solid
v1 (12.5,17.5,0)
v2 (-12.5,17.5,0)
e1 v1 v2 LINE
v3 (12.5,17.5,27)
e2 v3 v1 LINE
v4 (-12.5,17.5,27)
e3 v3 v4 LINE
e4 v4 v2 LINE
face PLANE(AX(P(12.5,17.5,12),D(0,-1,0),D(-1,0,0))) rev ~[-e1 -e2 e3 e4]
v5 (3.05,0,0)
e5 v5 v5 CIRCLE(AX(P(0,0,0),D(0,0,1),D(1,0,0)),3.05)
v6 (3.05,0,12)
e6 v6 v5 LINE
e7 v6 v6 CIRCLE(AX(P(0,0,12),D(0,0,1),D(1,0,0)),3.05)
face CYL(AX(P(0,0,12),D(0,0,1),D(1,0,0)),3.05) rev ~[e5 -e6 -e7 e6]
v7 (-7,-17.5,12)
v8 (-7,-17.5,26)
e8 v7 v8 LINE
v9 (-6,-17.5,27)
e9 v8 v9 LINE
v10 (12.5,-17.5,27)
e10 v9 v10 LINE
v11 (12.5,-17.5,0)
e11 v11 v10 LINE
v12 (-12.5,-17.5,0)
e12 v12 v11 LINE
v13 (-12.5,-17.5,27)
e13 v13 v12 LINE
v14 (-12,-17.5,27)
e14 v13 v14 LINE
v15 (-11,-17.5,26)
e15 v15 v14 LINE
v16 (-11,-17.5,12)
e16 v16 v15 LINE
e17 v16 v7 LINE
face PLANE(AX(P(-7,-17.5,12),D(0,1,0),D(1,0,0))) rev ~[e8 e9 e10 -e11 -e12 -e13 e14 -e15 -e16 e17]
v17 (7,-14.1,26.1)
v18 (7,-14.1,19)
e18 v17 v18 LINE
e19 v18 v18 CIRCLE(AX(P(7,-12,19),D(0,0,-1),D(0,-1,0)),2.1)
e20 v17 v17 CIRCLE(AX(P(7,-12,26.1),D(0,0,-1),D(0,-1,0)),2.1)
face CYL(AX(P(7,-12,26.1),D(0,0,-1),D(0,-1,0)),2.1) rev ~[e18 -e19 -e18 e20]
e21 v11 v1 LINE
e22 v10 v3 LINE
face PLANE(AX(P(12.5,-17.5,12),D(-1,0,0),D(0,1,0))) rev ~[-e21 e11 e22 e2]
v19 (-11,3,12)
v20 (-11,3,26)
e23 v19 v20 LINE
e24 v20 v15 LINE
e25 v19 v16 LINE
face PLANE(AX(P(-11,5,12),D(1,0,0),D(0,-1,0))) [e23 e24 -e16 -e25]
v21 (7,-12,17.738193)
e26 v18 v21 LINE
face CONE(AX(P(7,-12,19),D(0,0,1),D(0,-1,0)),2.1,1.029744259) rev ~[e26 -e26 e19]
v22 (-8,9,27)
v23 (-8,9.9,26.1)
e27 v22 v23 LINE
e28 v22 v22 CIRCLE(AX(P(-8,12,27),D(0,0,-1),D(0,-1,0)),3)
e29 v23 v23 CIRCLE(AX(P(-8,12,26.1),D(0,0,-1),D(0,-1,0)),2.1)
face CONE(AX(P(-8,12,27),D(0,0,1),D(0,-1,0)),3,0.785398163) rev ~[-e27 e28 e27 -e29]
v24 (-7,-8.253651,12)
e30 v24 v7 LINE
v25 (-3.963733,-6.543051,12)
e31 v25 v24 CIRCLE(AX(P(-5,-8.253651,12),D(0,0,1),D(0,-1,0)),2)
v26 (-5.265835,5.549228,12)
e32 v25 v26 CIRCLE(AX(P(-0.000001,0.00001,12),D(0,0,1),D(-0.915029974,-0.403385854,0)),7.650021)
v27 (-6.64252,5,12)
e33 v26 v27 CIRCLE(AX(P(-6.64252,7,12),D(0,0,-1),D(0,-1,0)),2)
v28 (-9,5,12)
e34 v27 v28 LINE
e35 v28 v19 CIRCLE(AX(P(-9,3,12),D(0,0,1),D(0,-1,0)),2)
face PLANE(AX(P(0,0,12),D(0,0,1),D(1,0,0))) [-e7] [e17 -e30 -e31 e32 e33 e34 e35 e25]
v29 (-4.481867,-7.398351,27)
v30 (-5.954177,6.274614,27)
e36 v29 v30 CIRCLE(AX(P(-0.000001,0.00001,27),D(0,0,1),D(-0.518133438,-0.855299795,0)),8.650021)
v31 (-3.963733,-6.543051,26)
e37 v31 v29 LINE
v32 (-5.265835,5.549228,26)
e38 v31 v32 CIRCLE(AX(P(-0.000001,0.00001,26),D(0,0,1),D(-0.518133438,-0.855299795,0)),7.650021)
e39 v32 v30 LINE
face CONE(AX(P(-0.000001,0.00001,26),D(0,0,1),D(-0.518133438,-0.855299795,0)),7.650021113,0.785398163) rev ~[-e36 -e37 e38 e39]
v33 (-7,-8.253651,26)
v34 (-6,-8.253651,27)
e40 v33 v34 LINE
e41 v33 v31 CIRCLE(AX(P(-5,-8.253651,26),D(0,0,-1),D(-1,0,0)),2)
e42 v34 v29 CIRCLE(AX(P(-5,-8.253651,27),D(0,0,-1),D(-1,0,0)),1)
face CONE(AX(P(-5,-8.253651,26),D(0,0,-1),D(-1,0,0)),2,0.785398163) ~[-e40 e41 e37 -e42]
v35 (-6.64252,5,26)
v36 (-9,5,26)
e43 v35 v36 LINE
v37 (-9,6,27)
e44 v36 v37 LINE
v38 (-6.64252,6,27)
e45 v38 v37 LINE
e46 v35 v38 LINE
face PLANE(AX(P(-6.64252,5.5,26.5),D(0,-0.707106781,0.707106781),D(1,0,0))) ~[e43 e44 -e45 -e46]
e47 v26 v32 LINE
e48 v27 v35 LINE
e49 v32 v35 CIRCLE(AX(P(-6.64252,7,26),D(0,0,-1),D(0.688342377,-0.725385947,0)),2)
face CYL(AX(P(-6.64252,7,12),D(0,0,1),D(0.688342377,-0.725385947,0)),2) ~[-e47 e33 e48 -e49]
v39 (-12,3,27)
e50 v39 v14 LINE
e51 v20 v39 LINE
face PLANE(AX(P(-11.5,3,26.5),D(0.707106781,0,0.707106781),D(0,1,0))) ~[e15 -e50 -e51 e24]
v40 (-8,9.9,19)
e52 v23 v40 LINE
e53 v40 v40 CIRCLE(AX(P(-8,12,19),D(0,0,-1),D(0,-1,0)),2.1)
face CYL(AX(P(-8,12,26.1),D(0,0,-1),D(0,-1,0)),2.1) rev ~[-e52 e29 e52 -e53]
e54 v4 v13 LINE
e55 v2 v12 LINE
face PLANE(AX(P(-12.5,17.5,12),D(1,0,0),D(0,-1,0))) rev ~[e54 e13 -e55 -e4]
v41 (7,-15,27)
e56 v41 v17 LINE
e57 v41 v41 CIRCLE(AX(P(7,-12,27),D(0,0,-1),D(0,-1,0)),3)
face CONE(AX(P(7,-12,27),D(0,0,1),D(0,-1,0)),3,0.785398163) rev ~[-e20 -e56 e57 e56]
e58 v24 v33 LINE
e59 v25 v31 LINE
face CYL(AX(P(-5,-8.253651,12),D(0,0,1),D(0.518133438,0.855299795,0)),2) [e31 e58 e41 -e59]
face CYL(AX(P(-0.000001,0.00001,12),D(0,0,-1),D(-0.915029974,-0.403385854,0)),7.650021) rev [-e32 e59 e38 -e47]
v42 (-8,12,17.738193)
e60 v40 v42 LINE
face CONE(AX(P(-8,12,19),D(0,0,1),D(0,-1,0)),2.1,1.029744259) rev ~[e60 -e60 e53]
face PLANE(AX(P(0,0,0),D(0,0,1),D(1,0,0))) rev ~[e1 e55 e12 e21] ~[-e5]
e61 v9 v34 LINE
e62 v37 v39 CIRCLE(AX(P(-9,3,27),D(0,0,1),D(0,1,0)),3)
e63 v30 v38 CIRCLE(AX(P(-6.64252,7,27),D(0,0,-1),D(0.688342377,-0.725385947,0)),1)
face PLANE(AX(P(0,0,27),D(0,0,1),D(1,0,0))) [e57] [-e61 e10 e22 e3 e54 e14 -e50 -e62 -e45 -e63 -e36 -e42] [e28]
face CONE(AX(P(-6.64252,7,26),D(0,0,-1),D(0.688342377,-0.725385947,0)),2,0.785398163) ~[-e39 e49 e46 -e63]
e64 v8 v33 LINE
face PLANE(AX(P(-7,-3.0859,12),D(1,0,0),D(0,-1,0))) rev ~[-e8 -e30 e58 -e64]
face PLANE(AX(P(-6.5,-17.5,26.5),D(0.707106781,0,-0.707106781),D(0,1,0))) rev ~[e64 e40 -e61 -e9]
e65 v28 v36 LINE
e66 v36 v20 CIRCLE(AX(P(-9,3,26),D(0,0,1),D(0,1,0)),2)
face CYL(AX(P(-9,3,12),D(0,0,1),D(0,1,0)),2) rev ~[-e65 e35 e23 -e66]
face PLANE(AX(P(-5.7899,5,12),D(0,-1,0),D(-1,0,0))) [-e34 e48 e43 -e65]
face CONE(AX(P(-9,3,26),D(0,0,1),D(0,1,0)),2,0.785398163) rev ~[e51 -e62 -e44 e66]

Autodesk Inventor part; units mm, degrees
ref_plane "YZ Plane" through (0, 0, 0) normal (1, 0, 0) x (0, 1, 0)
ref_plane "XZ Plane" through (0, 0, 0) normal (0, 1, 0) x (-1, 0, 0)
ref_plane "XY Plane" through (0, 0, 0) normal (0, 0, 1) x (1, 0, 0)
sketch "Sketch1" plane through (0, 0, 0) normal (0, 0, 1) x (1, 0, 0)
  line L0 (12.5, 17.5) -> (-12.5, 17.5)
  line L1 (-12.5, 17.5) -> (-12.5, -17.5)
  line L2 (-12.5, -17.5) -> (12.5, -17.5)
  line L3 (12.5, -17.5) -> (12.5, 17.5)
  point P0 (0, 0)
  point P1 (12.5, 0)
  dimension "d0" = 25
  dimension "d1" = 35
  dimension "d16" = 12.5
extrude "Extrusion1" add sketch "Sketch1" along normal blind 12
sketch "Sketch2" plane through (0, 0, 12) normal (0, 0, 1) x (1, 0, 0)
  circle A0 centre (0, 0) radius 3.05
  dimension "d4" = 6.1
extrude "Extrusion2" cut sketch "Sketch2" against normal up to next
sketch "Sketch4" plane through (0, 0, 12) normal (0, 0, 1) x (1, 0, 0)
  circle A0 centre (0, 0) radius 3.05 projected
  arc A1 (-7, -3.0859) -> (-5.7899, 5) centre (0, 0) ccw
  line L0 (-5.7899, 5) -> (-11, 5)
  line L1 (-11, 5) -> (-11, -17.5)
  line L2 (-12.5, -17.5) -> (12.5, -17.5) projected
  line L3 (-7, -3.0859) -> (-7, -17.5)
  circle A2 centre (0, 0) radius 3.05 projected
  line L4 (12.5, 17.5) -> (-12.5, 17.5) projected
  line L5 (-12.5, 17.5) -> (-12.5, -17.5) projected
  line L6 (-12.5, -17.5) -> (12.5, -17.5) projected
  line L7 (12.5, -17.5) -> (12.5, 17.5) projected
  dimension "d9" = 15.3
  dimension "d10" = 11
  dimension "d11" = 7
  dimension "d12" = 5
extrude "Extrusion3" add sketch "Sketch4" along normal blind 15 contours A1 L0 L1 L2 L5 L4 L7 L3
fillet "Fillet1" radius 2 3 edges at (-7, -3.0859, 19.5) (-5.7899, 5, 19.5) (-11, 5, 19.5)
sketch "Sketch5" plane through (0, 0, 27) normal (0, 0, 1) x (1, 0, 0)
  point P0 (0, 0)
  point P1 (-8, 12)
  point P2 (7, -12)
  dimension "d17" = 7
  dimension "d18" = 12
  dimension "d19" = 12
  dimension "d20" = 8
hole "Hole1" at (-8, 12, 27) at (7, -12, 27) direction (0, 0, -1) diameter 4.2 depth 8 tip angle 118 countersink diameter 6 countersink angle 90
chamfer "Chamfer1" distance 1 angle 45 6 edges at (7.606, 0.819, 27) (-5.9817, -6.5111, 27) (-7, -12.8768, 27) (-5.9014, 5.1424, 27) (-7.8212, 5, 27) (-11, -7.25, 27)
properties part number "Base" material "ABS Plastic"
